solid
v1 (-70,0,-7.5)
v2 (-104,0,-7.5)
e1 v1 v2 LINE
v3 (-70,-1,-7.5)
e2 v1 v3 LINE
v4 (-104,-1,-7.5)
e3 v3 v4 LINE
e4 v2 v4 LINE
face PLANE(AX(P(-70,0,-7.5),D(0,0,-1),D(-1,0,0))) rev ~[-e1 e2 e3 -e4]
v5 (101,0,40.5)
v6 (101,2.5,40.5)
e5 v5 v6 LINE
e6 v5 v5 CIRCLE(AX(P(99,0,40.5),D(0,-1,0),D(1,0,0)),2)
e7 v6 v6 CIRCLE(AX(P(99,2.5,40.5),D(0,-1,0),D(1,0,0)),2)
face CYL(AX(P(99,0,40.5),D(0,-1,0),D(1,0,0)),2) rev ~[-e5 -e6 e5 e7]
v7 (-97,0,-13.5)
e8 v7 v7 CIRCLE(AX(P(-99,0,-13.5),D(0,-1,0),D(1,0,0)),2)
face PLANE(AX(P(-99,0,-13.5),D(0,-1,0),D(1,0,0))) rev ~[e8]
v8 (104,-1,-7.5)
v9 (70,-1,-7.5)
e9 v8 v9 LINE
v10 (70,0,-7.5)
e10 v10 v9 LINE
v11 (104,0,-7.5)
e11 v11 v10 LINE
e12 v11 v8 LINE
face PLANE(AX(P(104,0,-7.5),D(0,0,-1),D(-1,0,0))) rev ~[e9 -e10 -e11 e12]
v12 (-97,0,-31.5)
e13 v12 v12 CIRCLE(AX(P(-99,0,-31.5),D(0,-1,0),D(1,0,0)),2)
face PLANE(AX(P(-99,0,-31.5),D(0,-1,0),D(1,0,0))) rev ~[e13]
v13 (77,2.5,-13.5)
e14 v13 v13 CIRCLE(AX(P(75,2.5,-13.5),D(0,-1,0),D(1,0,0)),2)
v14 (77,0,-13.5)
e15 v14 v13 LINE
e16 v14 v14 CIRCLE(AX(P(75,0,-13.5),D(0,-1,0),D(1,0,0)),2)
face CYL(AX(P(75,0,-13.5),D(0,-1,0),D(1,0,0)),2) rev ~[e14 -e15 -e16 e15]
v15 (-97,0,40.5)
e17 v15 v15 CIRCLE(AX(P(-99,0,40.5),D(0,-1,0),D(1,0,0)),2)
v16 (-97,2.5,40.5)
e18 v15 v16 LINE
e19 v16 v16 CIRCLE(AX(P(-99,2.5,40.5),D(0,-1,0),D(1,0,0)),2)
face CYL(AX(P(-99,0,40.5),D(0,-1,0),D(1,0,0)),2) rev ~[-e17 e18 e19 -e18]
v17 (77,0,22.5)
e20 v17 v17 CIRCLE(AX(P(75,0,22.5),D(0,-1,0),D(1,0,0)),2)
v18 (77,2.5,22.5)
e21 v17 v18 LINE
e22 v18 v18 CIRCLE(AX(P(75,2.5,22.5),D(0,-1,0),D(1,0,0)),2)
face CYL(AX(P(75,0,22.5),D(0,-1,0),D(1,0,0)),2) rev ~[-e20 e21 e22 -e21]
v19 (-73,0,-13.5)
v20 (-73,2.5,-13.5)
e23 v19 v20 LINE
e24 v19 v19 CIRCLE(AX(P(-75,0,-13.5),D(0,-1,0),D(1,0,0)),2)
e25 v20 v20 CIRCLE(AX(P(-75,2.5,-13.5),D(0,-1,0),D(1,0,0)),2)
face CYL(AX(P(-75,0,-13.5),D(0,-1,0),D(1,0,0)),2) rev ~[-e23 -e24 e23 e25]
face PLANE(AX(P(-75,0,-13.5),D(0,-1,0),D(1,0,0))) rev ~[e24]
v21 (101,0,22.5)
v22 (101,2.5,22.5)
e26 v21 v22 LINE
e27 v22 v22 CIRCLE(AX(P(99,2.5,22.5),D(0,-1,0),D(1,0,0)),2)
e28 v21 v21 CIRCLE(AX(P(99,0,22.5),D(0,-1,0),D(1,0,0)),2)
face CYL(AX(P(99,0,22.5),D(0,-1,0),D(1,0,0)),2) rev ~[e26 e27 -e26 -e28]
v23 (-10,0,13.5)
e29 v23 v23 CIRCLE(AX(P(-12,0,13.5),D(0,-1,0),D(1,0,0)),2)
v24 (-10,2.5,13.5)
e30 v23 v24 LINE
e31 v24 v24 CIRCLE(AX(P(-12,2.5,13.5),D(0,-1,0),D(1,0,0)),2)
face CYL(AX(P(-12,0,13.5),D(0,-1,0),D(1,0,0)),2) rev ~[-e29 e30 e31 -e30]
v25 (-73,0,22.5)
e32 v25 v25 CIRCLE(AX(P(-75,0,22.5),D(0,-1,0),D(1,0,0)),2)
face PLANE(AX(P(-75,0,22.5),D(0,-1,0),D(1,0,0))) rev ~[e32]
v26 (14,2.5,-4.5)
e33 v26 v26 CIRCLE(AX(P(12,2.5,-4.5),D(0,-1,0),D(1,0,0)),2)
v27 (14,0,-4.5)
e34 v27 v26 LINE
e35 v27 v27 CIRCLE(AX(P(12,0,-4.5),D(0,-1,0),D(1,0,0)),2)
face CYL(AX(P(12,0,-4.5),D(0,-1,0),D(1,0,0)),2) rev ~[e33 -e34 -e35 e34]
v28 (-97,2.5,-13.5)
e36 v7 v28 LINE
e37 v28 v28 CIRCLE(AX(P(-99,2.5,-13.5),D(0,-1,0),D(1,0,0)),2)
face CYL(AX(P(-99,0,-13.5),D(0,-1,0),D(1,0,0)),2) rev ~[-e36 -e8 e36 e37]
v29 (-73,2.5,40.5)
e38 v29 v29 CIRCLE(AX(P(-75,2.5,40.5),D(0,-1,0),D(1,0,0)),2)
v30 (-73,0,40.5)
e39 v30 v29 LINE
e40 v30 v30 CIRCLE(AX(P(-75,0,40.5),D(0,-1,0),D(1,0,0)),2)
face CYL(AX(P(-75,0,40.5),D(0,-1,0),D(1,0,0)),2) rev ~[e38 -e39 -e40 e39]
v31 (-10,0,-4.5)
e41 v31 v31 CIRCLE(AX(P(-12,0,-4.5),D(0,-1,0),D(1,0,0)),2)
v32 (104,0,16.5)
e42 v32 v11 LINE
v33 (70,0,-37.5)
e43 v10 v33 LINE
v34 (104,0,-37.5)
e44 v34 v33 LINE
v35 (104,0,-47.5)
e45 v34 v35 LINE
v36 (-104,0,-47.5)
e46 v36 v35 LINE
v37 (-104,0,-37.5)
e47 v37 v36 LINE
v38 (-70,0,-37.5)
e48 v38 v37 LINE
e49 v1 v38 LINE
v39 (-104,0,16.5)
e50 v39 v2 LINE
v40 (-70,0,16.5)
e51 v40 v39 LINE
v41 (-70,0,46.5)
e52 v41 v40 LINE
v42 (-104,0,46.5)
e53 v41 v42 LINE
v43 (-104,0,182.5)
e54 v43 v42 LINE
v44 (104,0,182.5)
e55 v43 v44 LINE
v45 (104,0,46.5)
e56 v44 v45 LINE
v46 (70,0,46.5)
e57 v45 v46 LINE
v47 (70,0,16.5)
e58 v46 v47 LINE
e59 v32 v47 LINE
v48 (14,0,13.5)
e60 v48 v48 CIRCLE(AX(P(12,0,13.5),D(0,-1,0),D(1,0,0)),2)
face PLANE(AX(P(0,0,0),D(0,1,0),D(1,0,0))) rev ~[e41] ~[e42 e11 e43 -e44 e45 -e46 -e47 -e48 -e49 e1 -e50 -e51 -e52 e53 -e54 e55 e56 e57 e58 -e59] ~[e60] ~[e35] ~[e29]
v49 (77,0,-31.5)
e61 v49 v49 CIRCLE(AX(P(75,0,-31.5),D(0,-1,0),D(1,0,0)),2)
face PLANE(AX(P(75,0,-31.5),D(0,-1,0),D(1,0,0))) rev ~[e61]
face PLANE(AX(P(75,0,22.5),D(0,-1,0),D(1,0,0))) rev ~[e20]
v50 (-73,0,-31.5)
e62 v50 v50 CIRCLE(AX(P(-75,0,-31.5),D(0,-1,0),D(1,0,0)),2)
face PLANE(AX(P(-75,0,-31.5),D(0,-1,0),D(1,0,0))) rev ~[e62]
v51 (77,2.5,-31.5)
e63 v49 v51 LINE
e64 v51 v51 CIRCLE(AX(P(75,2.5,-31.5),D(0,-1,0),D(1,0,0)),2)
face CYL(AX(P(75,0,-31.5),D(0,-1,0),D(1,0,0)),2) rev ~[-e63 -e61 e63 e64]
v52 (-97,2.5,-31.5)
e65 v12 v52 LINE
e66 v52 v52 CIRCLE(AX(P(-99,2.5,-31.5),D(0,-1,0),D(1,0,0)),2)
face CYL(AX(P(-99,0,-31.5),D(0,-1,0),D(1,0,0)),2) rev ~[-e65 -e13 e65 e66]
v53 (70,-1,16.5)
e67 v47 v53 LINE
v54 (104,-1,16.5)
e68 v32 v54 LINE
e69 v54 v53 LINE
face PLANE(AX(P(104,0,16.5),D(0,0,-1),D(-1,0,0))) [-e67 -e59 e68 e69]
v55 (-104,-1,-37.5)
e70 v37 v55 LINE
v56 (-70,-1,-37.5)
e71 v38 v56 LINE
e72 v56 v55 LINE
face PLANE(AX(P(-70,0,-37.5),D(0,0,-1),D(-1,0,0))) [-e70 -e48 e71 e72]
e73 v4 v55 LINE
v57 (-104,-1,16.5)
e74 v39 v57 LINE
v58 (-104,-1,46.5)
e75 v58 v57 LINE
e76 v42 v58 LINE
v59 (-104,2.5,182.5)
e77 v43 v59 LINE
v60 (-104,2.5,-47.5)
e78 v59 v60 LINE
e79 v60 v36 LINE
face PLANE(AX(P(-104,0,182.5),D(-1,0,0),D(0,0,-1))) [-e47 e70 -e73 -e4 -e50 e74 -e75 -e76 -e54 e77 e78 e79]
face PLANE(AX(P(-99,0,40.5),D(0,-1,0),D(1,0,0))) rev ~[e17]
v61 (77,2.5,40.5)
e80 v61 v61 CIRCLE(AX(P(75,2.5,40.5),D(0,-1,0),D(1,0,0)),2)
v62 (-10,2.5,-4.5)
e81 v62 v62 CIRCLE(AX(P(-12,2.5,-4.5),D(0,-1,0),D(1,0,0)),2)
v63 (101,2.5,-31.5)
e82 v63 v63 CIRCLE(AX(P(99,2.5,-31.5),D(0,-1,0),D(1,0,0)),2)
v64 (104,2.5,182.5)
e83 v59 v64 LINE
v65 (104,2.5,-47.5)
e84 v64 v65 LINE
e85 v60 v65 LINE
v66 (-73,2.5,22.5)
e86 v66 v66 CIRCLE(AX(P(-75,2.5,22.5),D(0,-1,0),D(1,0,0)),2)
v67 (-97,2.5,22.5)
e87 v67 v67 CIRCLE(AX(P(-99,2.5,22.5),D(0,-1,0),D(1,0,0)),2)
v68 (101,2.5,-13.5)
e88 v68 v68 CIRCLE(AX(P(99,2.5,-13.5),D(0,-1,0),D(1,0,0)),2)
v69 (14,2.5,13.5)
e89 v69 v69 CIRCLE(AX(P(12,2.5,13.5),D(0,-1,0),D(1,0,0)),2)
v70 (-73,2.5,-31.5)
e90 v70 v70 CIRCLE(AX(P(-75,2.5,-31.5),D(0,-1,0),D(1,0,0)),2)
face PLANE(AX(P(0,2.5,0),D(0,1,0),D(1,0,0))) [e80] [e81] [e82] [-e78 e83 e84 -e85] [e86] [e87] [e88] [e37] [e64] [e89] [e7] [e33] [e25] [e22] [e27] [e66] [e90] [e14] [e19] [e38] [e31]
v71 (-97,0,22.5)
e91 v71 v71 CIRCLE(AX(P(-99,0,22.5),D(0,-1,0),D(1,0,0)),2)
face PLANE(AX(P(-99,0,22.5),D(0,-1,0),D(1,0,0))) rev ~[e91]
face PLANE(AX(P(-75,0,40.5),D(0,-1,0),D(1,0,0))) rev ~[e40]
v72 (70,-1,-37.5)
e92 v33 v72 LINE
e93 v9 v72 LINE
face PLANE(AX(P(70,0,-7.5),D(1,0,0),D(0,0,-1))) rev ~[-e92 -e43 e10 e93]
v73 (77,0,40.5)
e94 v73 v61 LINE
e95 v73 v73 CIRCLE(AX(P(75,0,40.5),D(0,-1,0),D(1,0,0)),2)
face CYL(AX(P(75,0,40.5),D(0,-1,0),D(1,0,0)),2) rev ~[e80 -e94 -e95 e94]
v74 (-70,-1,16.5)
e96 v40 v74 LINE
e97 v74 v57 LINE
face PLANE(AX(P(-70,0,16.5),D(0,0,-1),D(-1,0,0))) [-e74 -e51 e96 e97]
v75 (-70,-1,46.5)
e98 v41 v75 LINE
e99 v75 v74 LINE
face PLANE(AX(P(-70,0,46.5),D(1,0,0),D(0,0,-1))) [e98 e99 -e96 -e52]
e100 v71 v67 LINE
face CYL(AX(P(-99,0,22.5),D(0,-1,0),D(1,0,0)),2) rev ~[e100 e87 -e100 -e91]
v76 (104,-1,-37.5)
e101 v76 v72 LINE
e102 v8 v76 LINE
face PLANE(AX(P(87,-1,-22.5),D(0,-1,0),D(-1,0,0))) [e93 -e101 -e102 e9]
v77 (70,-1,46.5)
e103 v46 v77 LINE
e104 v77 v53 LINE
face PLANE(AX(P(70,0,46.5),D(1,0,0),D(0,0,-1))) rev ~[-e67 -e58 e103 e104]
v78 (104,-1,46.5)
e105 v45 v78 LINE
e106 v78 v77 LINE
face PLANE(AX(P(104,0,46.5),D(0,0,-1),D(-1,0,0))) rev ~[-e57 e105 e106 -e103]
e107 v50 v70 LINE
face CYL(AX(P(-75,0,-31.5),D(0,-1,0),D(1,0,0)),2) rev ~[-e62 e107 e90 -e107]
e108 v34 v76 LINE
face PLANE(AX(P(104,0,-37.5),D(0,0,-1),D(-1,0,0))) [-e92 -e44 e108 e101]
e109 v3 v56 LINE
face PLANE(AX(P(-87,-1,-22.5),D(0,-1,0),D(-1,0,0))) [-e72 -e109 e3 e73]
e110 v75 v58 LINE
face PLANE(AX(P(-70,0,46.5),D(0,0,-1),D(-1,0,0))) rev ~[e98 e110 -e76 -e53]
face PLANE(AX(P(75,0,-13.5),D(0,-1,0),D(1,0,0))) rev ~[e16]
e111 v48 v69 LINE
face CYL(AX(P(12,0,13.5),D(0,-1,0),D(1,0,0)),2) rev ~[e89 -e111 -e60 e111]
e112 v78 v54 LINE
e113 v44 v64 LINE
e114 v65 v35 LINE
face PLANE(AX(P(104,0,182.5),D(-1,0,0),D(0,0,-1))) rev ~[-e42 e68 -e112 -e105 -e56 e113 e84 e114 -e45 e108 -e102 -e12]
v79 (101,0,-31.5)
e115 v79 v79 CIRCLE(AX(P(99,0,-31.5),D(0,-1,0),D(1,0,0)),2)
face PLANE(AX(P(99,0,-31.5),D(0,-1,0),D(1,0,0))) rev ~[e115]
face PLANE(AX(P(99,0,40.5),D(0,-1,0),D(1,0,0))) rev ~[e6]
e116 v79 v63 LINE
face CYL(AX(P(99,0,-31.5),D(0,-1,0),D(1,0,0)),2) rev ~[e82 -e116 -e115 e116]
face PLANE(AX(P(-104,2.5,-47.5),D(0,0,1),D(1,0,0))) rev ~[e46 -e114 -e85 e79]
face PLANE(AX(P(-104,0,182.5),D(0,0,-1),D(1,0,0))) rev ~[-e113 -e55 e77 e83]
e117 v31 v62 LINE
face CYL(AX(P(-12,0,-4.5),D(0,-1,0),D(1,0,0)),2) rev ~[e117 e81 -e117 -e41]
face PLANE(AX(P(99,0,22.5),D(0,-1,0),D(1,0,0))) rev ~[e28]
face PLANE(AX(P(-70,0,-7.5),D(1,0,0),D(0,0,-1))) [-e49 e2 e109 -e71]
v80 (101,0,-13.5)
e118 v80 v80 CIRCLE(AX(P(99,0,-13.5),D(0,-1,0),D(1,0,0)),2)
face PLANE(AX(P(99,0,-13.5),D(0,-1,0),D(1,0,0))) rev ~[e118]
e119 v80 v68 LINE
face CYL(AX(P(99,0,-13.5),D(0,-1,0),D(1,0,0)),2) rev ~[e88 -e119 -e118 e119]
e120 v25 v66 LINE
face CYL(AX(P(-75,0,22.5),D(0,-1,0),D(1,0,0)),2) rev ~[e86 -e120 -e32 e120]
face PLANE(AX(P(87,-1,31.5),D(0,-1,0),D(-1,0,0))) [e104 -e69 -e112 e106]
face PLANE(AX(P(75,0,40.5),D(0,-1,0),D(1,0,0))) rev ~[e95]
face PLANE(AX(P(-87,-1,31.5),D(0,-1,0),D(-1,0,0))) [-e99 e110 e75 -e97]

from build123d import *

# Parameters (mm, degrees)
CROQUIS1_W              = 208
CROQUIS1_H              = 365
SALIENTE_EXTRUIR1_DEPTH = 2.5
CROQUIS2_W              = 34
CROQUIS2_H              = 30
SALIENTE_EXTRUIR2_DEPTH = 1
CROQUIS3_W              = 208
CROQUIS3_H              = 135
CORTAR_EXTRUIR1_DEPTH   = 4.5
SKETCH1_R               = 2
CUT_EXTRUDE1_DEPTH      = 2.5


with BuildPart() as part:
    # Croquis1 → Saliente-Extruir1 (new body)
    with BuildSketch(Plane(origin=(0, 0, 0), x_dir=(1, 0, 0), z_dir=(0, 1, 0))):
        Rectangle(CROQUIS1_W, CROQUIS1_H)
    extrude(amount=SALIENTE_EXTRUIR1_DEPTH)

    # Croquis2 → Saliente-Extruir2 (add)
    with BuildSketch(Plane(origin=(0, 0, 0), x_dir=(-1, 0, 0), z_dir=(0, -1, 0))):
        with Locations((87, -31.5)):
            Rectangle(CROQUIS2_W, CROQUIS2_H)
        with Locations((-87, -31.5)):
            Rectangle(CROQUIS2_W, CROQUIS2_H)
        with Locations((-87, 22.5)):
            Rectangle(CROQUIS2_W, CROQUIS2_H)
        with Locations((87, 22.5)):
            Rectangle(CROQUIS2_W, CROQUIS2_H)
    extrude(amount=SALIENTE_EXTRUIR2_DEPTH)

    # Croquis3 → Cortar-Extruir1 (cut, through all)
    with BuildSketch(Plane(origin=(0, 2.5, 0), x_dir=(1, 0, 0), z_dir=(0, 1, 0))):
        with Locations((0, 115)):
            Rectangle(CROQUIS3_W, CROQUIS3_H)
    extrude(amount=-CORTAR_EXTRUIR1_DEPTH, mode=Mode.SUBTRACT)

    # Sketch1 → Cut-Extrude1 (cut)
    with BuildSketch(Plane.XZ):
        with Locations((-99, 40.5)):
            Circle(SKETCH1_R)
        with Locations((-75, 40.5)):
            Circle(SKETCH1_R)
        with Locations((-99, 22.5)):
            Circle(SKETCH1_R)
        with Locations((-75, 22.5)):
            Circle(SKETCH1_R)
        with Locations((-99, -13.5)):
            Circle(SKETCH1_R)
        with Locations((-99, -31.5)):
            Circle(SKETCH1_R)
        with Locations((-75, -31.5)):
            Circle(SKETCH1_R)
        with Locations((-75, -13.5)):
            Circle(SKETCH1_R)
        with Locations((75, -13.5)):
            Circle(SKETCH1_R)
        with Locations((75, -31.5)):
            Circle(SKETCH1_R)
        with Locations((99, -31.5)):
            Circle(SKETCH1_R)
        with Locations((99, -13.5)):
            Circle(SKETCH1_R)
        with Locations((99, 22.5)):
            Circle(SKETCH1_R)
        with Locations((75, 22.5)):
            Circle(SKETCH1_R)
        with Locations((75, 40.5)):
            Circle(SKETCH1_R)
        with Locations((99, 40.5)):
            Circle(SKETCH1_R)
        with Locations((-12, 13.5)):
            Circle(SKETCH1_R)
        with Locations((-12, -4.5)):
            Circle(SKETCH1_R)
        with Locations((12, -4.5)):
            Circle(SKETCH1_R)
        with Locations((12, 13.5)):
            Circle(SKETCH1_R)
    extrude(amount=-CUT_EXTRUDE1_DEPTH, mode=Mode.SUBTRACT)


solid = part.part
